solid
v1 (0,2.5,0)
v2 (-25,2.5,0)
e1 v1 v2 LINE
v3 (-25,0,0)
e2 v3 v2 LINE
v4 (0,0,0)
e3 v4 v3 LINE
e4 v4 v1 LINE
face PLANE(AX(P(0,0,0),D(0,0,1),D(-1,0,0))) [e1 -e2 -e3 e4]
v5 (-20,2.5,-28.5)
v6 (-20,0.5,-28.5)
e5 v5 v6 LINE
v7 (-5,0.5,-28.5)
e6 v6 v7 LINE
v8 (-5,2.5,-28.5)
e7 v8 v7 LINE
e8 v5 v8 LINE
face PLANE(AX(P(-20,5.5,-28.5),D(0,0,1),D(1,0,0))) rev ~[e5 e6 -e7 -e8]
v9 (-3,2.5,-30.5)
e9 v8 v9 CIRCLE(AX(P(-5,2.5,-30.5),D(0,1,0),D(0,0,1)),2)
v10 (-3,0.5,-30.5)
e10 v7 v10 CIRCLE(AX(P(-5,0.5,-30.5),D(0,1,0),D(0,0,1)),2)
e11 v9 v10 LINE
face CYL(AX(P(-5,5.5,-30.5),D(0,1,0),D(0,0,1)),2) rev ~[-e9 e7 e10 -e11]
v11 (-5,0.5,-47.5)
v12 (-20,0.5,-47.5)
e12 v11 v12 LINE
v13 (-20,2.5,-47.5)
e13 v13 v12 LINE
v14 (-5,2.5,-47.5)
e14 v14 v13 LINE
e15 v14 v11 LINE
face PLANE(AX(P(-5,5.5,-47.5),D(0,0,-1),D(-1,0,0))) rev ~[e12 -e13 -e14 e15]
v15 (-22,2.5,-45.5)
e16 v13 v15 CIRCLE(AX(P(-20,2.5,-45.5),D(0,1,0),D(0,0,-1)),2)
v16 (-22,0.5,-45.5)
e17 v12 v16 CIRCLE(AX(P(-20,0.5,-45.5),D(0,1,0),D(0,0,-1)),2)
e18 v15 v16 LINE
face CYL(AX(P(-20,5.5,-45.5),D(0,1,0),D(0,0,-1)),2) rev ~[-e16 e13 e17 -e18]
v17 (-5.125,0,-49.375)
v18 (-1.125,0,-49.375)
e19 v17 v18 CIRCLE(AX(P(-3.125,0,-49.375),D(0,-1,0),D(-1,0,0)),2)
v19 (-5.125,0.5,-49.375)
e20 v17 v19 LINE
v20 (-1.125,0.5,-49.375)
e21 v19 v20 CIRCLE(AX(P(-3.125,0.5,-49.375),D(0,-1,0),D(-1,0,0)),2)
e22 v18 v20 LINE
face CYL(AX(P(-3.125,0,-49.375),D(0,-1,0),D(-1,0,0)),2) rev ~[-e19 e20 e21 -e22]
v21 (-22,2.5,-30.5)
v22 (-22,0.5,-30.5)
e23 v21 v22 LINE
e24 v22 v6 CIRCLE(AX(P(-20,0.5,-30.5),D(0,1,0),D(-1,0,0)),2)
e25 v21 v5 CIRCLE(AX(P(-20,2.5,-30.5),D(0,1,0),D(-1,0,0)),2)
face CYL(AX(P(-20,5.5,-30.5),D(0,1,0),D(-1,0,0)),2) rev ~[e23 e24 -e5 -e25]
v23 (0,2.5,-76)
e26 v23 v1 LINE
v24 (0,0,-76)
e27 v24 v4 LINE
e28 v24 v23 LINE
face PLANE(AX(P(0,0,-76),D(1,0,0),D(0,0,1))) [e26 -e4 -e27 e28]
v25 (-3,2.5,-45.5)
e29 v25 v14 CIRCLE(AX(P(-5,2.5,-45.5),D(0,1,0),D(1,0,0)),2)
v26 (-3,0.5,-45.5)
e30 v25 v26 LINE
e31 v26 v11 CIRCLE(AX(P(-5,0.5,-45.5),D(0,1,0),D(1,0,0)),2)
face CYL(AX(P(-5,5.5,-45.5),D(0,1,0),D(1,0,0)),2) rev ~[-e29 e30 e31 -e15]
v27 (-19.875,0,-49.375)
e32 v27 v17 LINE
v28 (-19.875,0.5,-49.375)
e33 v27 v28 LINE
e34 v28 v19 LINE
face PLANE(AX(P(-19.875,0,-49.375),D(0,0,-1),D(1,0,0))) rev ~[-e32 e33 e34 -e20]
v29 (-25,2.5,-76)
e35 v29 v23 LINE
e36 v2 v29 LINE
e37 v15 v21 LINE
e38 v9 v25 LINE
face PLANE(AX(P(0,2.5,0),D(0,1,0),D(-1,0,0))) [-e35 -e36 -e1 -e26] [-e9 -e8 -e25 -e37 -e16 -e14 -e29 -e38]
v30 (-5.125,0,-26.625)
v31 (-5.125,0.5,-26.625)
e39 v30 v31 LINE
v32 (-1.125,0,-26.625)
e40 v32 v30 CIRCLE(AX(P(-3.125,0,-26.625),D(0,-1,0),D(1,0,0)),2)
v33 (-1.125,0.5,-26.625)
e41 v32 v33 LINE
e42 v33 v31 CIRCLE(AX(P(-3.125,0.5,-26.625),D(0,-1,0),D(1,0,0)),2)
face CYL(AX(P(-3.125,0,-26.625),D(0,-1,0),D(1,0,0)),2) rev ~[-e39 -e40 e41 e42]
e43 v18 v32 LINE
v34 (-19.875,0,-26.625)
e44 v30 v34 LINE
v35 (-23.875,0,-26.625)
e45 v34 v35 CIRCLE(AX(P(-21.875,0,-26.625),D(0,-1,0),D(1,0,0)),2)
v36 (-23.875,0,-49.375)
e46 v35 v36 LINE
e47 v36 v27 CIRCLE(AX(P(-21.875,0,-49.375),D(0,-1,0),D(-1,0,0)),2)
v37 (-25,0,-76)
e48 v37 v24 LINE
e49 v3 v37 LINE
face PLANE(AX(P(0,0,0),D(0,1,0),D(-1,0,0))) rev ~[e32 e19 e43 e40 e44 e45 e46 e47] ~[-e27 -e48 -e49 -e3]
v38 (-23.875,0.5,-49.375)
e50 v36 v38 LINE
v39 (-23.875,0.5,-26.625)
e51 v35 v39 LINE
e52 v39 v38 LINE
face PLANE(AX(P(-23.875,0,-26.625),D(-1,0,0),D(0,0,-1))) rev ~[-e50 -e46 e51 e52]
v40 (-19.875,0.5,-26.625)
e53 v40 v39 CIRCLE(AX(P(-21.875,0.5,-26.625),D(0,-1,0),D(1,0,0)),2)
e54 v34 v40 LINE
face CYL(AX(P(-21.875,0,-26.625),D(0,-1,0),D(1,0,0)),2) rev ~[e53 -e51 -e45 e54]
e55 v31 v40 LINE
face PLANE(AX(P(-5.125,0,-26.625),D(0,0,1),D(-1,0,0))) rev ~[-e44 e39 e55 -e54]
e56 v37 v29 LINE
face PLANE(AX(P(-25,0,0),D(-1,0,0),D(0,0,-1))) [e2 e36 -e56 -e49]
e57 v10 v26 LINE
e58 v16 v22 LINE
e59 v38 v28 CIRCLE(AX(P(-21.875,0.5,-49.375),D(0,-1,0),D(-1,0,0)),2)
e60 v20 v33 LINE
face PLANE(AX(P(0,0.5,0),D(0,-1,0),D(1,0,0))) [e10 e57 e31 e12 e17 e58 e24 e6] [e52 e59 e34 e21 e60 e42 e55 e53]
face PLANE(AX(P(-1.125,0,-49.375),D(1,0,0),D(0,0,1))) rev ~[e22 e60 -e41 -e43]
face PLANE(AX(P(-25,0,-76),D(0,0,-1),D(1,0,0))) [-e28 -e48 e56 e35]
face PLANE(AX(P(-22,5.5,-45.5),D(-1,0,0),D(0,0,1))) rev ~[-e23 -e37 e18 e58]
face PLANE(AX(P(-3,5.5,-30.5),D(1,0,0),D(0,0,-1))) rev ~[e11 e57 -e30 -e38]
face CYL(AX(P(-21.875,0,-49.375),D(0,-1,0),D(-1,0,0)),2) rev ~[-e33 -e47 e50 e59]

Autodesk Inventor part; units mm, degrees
ref_plane "YZ Plane" through (0, 0, 0) normal (1, 0, 0) x (0, 1, 0)
ref_plane "XZ Plane" through (0, 0, 0) normal (0, 1, 0) x (-1, 0, 0)
ref_plane "XY Plane" through (0, 0, 0) normal (0, 0, 1) x (1, 0, 0)
sketch "Sketch1" plane through (0, 0, 0) normal (0, 1, 0) x (-1, 0, 0)
  line L0 (0, 0) -> (25, 0)
  line L1 (25, 0) -> (25, -76)
  line L2 (25, -76) -> (0, -76)
  line L3 (0, -76) -> (0, 0)
  dimension "d0" = 76
  dimension "d1" = 25
extrude "Extrusion1" add sketch "Sketch1" along normal blind 2.5
ref_plane "Work Plane2" through (0, 5.5, 0) normal (0, 1, 0) x (1, 0, 0)
sketch "Sketch3" plane through (0, 5.5, 0) normal (0, 1, 0) x (1, 0, 0)
  line L0 (0, 0) -> (-25, 0) construction
  line L1 (-12.5, 0) -> (-12.5, 76) construction
  line L2 (-25, 76) -> (0, 76) construction
  line L3 (-25, 71) -> (-25, 5) construction
  line L4 (-25, 38) -> (-0.4405, 38) construction
  line L5 (-20, 28.5) -> (-5, 28.5)
  line L6 (-3, 30.5) -> (-3, 45.5)
  line L7 (-5, 47.5) -> (-20, 47.5)
  line L8 (-22, 45.5) -> (-22, 30.5)
  line L9 (-22, 28.5) -> (-3, 47.5) construction
  line L10 (-3, 28.5) -> (-22, 47.5) construction
  arc A0 (-20, 47.5) -> (-22, 45.5) centre (-20, 45.5) ccw
  arc A1 (-3, 45.5) -> (-5, 47.5) centre (-5, 45.5) ccw
  arc A2 (-5, 28.5) -> (-3, 30.5) centre (-5, 30.5) ccw
  arc A3 (-22, 30.5) -> (-20, 28.5) centre (-20, 30.5) ccw
  point P0 (-12.5, 38)
  dimension "d8" = 19
  dimension "d9" = 2
  dimension "d10" = 2
  dimension "d11" = 2
  dimension "d12" = 2
extrude "Extrusion3" cut sketch "Sketch3" against normal blind 6
sketch "Sketch4" plane through (0, 0, 0) normal (0, -1, 0) x (1, 0, 0)
  line L0 (0, -76) -> (0, 0) construction
  line L1 (0, -38) -> (-25, -38) construction
  line L2 (-25, -71) -> (-25, -5) construction
  line L3 (0, 0) -> (-25, 0) construction
  line L4 (-12.5, 0) -> (-12.5, -76) construction
  line L5 (-25, -76) -> (0, -76) construction
  line L6 (-19.875, -49.375) -> (-5.125, -49.375)
  line L7 (-1.125, -49.375) -> (-1.125, -26.625)
  line L8 (-5.125, -26.625) -> (-19.875, -26.625)
  line L9 (-23.875, -26.625) -> (-23.875, -49.375)
  line L10 (-23.875, -49.375) -> (-1.125, -26.625) construction
  line L11 (-1.125, -49.375) -> (-23.875, -26.625) construction
  arc A0 (-1.125, -26.625) -> (-5.125, -26.625) centre (-3.125, -26.625) ccw
  arc A1 (-19.875, -26.625) -> (-23.875, -26.625) centre (-21.875, -26.625) ccw
  arc A2 (-23.875, -49.375) -> (-19.875, -49.375) centre (-21.875, -49.375) ccw
  arc A3 (-5.125, -49.375) -> (-1.125, -49.375) centre (-3.125, -49.375) ccw
  point P0 (-12.5, -38)
  dimension "d15" = 22.75
  dimension "d16" = 4
  dimension "d17" = 22.75
extrude "Extrusion4" cut sketch "Sketch4" against normal blind 0.5
sketch "Sketch5" plane through (0, 0, 0) normal (0, -1, 0) x (1, 0, 0)
  circle A0 centre (-12.5, -19.3349) radius 2.5305
  circle A1 centre (-12.5, -56) radius 2.6164
  line L0 (0, -76) -> (0, 0) projected
  line L1 (-25, -76) -> (0, -76) projected
  dimension "d20" = 12.5
  dimension "d21" = 20
properties part number "scope coverslip holder lowpro"
